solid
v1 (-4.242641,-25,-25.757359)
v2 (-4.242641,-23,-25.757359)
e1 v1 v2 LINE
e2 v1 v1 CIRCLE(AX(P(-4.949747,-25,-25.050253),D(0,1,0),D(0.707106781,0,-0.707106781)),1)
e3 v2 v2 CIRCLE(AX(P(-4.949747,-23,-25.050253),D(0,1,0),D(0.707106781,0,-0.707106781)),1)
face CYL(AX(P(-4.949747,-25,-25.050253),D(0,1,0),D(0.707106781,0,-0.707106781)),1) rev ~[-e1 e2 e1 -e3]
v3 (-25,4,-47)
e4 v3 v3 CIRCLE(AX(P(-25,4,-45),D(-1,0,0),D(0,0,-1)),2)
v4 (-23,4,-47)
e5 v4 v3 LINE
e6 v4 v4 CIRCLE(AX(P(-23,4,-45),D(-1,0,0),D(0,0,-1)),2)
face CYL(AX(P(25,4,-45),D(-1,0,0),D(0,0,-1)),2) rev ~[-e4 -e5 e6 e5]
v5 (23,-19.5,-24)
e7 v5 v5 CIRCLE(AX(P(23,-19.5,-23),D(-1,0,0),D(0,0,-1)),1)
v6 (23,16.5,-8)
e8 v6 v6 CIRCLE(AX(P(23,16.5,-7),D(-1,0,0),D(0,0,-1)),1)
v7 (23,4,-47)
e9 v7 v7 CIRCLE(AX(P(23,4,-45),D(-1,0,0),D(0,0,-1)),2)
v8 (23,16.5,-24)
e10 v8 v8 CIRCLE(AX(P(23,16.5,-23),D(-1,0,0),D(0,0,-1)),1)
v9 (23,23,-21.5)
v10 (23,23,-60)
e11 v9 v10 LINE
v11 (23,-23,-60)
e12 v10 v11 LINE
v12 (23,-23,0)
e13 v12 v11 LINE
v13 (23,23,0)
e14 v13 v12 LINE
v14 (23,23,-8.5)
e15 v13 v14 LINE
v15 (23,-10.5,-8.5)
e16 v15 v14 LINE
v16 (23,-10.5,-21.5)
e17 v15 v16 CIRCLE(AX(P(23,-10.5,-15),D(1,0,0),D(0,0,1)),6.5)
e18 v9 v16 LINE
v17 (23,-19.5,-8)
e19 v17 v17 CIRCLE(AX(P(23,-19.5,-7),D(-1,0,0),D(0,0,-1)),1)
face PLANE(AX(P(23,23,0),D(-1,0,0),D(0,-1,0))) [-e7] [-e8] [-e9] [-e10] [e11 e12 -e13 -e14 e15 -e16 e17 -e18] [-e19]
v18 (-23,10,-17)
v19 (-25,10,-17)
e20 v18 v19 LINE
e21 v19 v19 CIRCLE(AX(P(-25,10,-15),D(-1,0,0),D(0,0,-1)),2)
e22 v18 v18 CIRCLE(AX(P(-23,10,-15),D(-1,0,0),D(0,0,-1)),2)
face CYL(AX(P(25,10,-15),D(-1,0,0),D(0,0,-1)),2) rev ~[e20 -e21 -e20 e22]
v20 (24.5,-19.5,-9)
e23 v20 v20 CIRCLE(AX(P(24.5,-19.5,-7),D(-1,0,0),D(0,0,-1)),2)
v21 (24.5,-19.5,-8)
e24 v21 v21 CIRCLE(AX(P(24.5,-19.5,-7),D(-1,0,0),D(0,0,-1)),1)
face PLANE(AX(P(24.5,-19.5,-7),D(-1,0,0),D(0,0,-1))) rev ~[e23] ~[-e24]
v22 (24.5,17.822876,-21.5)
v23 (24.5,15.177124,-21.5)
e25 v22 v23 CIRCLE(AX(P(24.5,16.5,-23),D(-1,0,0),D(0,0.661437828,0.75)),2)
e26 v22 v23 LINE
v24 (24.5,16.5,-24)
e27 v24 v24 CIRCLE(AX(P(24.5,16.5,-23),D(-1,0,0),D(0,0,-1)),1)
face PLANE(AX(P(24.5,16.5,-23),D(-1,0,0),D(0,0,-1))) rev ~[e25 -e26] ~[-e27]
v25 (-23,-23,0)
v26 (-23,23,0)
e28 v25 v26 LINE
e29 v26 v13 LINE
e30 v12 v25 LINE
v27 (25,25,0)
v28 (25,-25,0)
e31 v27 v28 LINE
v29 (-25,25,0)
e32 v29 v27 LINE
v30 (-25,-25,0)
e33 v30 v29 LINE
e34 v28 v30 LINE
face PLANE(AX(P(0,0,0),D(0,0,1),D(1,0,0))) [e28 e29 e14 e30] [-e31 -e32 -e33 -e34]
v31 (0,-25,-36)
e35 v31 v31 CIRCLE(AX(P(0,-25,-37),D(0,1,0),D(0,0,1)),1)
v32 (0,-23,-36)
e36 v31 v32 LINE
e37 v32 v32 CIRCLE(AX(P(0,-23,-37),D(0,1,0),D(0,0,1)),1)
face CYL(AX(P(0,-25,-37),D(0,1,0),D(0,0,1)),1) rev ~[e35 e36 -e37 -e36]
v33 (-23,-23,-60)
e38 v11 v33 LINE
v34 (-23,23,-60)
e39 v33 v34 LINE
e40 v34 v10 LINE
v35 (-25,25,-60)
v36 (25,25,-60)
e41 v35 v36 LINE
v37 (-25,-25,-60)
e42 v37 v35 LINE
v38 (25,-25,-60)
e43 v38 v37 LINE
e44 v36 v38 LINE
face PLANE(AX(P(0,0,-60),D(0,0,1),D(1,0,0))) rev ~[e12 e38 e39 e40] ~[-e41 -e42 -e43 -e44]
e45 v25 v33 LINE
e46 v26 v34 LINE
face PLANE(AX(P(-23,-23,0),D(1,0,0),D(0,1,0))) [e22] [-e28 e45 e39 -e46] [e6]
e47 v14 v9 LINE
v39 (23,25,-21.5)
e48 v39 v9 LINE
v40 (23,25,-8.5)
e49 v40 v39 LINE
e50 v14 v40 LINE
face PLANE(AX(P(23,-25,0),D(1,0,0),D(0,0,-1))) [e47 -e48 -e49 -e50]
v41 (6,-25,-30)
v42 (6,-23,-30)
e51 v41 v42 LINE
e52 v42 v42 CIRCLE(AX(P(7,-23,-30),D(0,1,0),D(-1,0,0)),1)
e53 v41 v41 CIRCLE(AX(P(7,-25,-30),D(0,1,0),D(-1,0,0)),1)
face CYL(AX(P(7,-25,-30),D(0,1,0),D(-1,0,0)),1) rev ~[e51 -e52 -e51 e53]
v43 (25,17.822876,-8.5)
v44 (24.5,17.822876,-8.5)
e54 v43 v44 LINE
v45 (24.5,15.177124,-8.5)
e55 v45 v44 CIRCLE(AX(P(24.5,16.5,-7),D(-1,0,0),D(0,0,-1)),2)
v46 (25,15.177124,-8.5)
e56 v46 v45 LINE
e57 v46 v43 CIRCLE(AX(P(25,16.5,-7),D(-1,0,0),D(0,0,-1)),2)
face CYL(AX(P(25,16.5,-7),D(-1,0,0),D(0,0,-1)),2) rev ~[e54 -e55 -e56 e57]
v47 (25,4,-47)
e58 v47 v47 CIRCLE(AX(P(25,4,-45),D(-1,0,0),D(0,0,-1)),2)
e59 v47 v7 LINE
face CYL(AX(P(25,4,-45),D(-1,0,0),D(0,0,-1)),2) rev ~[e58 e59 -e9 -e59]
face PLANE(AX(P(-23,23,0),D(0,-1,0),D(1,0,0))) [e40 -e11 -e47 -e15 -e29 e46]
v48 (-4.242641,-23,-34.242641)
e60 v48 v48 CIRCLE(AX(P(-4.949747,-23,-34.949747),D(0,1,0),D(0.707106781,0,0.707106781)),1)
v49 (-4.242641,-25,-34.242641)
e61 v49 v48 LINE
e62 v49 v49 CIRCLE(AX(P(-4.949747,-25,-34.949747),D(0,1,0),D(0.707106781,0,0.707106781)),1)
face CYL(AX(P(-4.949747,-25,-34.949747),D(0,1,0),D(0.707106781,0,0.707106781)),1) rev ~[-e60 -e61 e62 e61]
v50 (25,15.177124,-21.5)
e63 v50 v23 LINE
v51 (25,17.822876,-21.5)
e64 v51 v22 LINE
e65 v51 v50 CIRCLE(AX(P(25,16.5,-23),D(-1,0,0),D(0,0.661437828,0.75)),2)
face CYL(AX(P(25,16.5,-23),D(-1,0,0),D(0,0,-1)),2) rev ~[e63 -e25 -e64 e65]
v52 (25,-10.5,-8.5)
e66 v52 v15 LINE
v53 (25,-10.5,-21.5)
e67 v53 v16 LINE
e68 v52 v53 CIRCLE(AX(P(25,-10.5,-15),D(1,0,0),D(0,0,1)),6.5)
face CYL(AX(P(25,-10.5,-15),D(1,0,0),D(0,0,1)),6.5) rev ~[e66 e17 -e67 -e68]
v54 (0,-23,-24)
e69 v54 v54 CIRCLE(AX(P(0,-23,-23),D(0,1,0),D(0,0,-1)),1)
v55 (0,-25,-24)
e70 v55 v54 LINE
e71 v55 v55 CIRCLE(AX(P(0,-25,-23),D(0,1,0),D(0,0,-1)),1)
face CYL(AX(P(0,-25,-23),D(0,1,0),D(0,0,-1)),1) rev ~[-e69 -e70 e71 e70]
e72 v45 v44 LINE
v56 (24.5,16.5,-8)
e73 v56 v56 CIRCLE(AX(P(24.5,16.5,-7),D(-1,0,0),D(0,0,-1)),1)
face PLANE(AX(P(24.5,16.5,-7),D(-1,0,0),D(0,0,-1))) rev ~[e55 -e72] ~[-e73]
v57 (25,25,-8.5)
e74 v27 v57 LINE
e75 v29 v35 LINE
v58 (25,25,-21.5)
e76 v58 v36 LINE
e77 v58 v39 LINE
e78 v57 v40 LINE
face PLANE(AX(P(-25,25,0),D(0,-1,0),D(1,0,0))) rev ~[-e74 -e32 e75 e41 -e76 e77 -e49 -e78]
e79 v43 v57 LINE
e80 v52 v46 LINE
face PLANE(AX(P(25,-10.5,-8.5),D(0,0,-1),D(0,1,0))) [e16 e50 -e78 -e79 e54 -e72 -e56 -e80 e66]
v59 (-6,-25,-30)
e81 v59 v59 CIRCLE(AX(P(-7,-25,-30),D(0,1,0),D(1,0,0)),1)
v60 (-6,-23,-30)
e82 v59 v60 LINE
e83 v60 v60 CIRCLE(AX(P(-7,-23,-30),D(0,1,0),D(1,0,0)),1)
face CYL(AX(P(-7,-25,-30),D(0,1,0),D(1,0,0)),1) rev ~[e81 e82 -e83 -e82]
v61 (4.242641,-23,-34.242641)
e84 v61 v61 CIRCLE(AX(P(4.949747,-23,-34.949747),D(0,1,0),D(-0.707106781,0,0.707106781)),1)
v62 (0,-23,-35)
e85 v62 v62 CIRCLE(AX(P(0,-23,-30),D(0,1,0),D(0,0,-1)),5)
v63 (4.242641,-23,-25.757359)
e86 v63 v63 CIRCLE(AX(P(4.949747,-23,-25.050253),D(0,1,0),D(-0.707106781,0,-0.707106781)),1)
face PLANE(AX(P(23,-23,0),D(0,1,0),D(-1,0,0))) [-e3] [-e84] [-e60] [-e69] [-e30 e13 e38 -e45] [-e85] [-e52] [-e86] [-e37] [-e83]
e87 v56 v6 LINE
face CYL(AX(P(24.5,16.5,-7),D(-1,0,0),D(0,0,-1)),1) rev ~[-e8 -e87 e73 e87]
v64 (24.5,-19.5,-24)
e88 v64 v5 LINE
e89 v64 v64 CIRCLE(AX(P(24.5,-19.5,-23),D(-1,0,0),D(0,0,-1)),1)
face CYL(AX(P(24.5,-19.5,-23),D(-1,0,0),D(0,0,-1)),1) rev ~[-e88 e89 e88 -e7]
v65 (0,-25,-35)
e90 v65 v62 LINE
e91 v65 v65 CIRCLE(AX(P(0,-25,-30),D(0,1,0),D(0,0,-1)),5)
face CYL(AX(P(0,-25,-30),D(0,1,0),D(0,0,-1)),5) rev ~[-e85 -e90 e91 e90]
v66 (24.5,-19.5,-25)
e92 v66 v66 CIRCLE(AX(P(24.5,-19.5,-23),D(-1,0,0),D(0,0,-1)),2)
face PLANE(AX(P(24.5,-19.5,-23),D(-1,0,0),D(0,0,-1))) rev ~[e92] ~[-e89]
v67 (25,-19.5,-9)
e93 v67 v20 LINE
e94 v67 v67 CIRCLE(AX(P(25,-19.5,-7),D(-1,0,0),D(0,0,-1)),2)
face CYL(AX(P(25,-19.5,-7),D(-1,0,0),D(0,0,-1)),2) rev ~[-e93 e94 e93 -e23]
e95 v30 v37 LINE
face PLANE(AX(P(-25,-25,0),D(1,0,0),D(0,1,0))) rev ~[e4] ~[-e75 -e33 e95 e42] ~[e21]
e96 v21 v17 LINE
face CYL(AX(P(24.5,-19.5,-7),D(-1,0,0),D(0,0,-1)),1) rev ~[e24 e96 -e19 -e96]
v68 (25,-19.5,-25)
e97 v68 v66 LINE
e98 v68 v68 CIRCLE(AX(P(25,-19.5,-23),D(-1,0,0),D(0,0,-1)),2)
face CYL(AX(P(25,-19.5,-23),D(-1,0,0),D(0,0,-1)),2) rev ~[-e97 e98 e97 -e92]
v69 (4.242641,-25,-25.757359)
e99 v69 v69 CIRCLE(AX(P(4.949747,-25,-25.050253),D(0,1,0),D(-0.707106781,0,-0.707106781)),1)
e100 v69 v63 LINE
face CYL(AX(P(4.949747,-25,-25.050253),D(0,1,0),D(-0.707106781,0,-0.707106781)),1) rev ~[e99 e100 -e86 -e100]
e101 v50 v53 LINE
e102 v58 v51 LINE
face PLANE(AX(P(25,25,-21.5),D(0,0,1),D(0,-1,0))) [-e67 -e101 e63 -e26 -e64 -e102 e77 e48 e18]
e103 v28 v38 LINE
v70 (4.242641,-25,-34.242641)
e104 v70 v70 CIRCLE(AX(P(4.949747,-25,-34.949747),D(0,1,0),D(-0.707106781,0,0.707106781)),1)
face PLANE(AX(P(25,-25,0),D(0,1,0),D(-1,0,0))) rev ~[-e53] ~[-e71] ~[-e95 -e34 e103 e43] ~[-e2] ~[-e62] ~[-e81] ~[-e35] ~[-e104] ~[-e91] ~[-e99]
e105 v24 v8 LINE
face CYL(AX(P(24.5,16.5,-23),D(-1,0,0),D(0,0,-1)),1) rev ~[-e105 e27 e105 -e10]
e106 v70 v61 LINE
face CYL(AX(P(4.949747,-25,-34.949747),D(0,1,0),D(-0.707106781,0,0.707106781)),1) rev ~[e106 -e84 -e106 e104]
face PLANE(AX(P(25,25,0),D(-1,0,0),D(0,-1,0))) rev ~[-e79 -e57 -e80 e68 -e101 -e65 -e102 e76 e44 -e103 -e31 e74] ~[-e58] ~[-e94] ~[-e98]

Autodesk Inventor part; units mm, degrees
ref_plane "YZ Plane" through (0, 0, 0) normal (1, 0, 0) x (0, 1, 0)
ref_plane "XZ Plane" through (0, 0, 0) normal (0, 1, 0) x (-1, 0, 0)
ref_plane "XY Plane" through (0, 0, 0) normal (0, 0, 1) x (1, 0, 0)
sketch "スケッチ1" plane through (0, 0, 0) normal (0, 0, 1) x (1, 0, 0)
  line L0 (-25, 25) -> (25, 25)
  line L1 (25, 25) -> (25, -25)
  line L2 (25, -25) -> (-25, -25)
  line L3 (-25, -25) -> (-25, 25)
  line L4 (-23, 23) -> (23, 23)
  line L5 (23, 23) -> (23, -23)
  line L6 (23, -23) -> (-23, -23)
  line L7 (-23, -23) -> (-23, 23)
  point P0 (0, 0)
  dimension "d0" = 23
  dimension "d1" = 25
  dimension "d2" = 50
  dimension "d3" = 46
  dimension "d4" = 46
  dimension "d5" = 50
  dimension "d6" = 23
  dimension "d7" = 25
extrude "押し出し1" add sketch "スケッチ1" against normal blind 60
sketch "スケッチ2" plane through (25, -25, 0) normal (1, 0, 0) x (0, 0, -1)
  line L0 (0, 50) -> (0, 0) projected
  line L1 (0, 0) -> (60, 0) projected
  circle A0 centre (15, 35) radius 2
  circle A1 centre (45, 29) radius 2
  point P0 (0, 25)
  dimension "d10" = 4
  dimension "d12" = 30
  dimension "d13" = 15
  dimension "d14" = 6
  dimension "d15" = 29
hole "穴1" at (25, 10, -15) at (25, 4, -45) direction (-1, 0, 0) diameter 4 end through all
sketch "スケッチ3" plane through (25, -25, 0) normal (1, 0, 0) x (0, 0, -1)
  circle A0 centre (15, 35) radius 2 projected
  line L0 (0, 50) -> (60, 50) projected
  line L1 (8.5, 50) -> (21.5, 50)
  line L2 (21.5, 50) -> (21.5, 14.5)
  line L3 (8.5, 14.5) -> (8.5, 50)
  arc A1 (8.5, 14.5) -> (21.5, 14.5) centre (15, 14.5) ccw
  circle A2 centre (45, 29) radius 2 projected
  point P0 (0, 25)
  dimension "d23" = 35.5
  dimension "d26" = 13
  dimension "d27" = 6.5
  dimension "d28" = 6.5
  dimension "d74" = 30
extrude "押し出し2" cut sketch "スケッチ3" against normal blind 2 contours L0 L2 A1 L3
sketch "スケッチ4" plane through (25, -25, 0) normal (1, 0, 0) x (0, 0, -1)
  line L0 (0, 50) -> (8.5, 50) projected
  line L1 (21.5, 50) -> (60, 50) projected
  circle A0 centre (7, 41.5) radius 1
  circle A1 centre (7, 5.5) radius 1
  circle A2 centre (23, 41.5) radius 1
  circle A3 centre (23, 5.5) radius 1
  arc A4 (8.5, 14.5) -> (21.5, 14.5) centre (15, 14.5) ccw projected
  point P0 (0, 25)
  dimension "d32" = 8.5
  dimension "d33" = 8.5
  dimension "d34" = 36
  dimension "d35" = 36
  dimension "d36" = 16
  dimension "d37" = 16
  dimension "d40" = 2
  dimension "d72" = 8
  dimension "d73" = 8
hole "穴2" at (25, 16.5, -7) at (25, 16.5, -23) at (25, -19.5, -7) at (25, -19.5, -23) direction (-1, 0, 0) diameter 2 depth 2 tip angle 118 counterbore diameter 4 counterbore depth 0.5
sketch "スケッチ5" plane through (-25, -25, 0) normal (0, -1, 0) x (1, 0, 0)
  line L0 (50, 0) -> (0, 0) projected
  line L1 (0, 0) -> (0, -60) projected
  circle A0 centre (25, -30) radius 5
  point P0 (25, 0)
  dimension "d48" = 25
  dimension "d49" = 30
  dimension "d50" = 10
hole "穴3" at (0, -25, -30) direction (0, 1, 0) diameter 10 depth 2 tip angle 118
sketch "スケッチ6" plane through (-25, -25, 0) normal (0, -1, 0) x (1, 0, 0)
  circle A0 centre (25, -30) radius 5 projected
  line L0 (0, 0) -> (0, -60) projected
  circle A1 centre (25, -23) radius 1
  point P0 (25, 0)
  dimension "d58" = 2
  dimension "d60" = 7
  dimension "d61" = 25
hole "穴4" at (0, -25, -23) direction (0, 1, 0) diameter 2 depth 2 tip angle 118
pattern_circular "円形状パターン1" count 8 over 360 about axis through (0, -24, -30) along (0, -1, 0) of "穴4"
properties part number "Arm_Bracket_2"
